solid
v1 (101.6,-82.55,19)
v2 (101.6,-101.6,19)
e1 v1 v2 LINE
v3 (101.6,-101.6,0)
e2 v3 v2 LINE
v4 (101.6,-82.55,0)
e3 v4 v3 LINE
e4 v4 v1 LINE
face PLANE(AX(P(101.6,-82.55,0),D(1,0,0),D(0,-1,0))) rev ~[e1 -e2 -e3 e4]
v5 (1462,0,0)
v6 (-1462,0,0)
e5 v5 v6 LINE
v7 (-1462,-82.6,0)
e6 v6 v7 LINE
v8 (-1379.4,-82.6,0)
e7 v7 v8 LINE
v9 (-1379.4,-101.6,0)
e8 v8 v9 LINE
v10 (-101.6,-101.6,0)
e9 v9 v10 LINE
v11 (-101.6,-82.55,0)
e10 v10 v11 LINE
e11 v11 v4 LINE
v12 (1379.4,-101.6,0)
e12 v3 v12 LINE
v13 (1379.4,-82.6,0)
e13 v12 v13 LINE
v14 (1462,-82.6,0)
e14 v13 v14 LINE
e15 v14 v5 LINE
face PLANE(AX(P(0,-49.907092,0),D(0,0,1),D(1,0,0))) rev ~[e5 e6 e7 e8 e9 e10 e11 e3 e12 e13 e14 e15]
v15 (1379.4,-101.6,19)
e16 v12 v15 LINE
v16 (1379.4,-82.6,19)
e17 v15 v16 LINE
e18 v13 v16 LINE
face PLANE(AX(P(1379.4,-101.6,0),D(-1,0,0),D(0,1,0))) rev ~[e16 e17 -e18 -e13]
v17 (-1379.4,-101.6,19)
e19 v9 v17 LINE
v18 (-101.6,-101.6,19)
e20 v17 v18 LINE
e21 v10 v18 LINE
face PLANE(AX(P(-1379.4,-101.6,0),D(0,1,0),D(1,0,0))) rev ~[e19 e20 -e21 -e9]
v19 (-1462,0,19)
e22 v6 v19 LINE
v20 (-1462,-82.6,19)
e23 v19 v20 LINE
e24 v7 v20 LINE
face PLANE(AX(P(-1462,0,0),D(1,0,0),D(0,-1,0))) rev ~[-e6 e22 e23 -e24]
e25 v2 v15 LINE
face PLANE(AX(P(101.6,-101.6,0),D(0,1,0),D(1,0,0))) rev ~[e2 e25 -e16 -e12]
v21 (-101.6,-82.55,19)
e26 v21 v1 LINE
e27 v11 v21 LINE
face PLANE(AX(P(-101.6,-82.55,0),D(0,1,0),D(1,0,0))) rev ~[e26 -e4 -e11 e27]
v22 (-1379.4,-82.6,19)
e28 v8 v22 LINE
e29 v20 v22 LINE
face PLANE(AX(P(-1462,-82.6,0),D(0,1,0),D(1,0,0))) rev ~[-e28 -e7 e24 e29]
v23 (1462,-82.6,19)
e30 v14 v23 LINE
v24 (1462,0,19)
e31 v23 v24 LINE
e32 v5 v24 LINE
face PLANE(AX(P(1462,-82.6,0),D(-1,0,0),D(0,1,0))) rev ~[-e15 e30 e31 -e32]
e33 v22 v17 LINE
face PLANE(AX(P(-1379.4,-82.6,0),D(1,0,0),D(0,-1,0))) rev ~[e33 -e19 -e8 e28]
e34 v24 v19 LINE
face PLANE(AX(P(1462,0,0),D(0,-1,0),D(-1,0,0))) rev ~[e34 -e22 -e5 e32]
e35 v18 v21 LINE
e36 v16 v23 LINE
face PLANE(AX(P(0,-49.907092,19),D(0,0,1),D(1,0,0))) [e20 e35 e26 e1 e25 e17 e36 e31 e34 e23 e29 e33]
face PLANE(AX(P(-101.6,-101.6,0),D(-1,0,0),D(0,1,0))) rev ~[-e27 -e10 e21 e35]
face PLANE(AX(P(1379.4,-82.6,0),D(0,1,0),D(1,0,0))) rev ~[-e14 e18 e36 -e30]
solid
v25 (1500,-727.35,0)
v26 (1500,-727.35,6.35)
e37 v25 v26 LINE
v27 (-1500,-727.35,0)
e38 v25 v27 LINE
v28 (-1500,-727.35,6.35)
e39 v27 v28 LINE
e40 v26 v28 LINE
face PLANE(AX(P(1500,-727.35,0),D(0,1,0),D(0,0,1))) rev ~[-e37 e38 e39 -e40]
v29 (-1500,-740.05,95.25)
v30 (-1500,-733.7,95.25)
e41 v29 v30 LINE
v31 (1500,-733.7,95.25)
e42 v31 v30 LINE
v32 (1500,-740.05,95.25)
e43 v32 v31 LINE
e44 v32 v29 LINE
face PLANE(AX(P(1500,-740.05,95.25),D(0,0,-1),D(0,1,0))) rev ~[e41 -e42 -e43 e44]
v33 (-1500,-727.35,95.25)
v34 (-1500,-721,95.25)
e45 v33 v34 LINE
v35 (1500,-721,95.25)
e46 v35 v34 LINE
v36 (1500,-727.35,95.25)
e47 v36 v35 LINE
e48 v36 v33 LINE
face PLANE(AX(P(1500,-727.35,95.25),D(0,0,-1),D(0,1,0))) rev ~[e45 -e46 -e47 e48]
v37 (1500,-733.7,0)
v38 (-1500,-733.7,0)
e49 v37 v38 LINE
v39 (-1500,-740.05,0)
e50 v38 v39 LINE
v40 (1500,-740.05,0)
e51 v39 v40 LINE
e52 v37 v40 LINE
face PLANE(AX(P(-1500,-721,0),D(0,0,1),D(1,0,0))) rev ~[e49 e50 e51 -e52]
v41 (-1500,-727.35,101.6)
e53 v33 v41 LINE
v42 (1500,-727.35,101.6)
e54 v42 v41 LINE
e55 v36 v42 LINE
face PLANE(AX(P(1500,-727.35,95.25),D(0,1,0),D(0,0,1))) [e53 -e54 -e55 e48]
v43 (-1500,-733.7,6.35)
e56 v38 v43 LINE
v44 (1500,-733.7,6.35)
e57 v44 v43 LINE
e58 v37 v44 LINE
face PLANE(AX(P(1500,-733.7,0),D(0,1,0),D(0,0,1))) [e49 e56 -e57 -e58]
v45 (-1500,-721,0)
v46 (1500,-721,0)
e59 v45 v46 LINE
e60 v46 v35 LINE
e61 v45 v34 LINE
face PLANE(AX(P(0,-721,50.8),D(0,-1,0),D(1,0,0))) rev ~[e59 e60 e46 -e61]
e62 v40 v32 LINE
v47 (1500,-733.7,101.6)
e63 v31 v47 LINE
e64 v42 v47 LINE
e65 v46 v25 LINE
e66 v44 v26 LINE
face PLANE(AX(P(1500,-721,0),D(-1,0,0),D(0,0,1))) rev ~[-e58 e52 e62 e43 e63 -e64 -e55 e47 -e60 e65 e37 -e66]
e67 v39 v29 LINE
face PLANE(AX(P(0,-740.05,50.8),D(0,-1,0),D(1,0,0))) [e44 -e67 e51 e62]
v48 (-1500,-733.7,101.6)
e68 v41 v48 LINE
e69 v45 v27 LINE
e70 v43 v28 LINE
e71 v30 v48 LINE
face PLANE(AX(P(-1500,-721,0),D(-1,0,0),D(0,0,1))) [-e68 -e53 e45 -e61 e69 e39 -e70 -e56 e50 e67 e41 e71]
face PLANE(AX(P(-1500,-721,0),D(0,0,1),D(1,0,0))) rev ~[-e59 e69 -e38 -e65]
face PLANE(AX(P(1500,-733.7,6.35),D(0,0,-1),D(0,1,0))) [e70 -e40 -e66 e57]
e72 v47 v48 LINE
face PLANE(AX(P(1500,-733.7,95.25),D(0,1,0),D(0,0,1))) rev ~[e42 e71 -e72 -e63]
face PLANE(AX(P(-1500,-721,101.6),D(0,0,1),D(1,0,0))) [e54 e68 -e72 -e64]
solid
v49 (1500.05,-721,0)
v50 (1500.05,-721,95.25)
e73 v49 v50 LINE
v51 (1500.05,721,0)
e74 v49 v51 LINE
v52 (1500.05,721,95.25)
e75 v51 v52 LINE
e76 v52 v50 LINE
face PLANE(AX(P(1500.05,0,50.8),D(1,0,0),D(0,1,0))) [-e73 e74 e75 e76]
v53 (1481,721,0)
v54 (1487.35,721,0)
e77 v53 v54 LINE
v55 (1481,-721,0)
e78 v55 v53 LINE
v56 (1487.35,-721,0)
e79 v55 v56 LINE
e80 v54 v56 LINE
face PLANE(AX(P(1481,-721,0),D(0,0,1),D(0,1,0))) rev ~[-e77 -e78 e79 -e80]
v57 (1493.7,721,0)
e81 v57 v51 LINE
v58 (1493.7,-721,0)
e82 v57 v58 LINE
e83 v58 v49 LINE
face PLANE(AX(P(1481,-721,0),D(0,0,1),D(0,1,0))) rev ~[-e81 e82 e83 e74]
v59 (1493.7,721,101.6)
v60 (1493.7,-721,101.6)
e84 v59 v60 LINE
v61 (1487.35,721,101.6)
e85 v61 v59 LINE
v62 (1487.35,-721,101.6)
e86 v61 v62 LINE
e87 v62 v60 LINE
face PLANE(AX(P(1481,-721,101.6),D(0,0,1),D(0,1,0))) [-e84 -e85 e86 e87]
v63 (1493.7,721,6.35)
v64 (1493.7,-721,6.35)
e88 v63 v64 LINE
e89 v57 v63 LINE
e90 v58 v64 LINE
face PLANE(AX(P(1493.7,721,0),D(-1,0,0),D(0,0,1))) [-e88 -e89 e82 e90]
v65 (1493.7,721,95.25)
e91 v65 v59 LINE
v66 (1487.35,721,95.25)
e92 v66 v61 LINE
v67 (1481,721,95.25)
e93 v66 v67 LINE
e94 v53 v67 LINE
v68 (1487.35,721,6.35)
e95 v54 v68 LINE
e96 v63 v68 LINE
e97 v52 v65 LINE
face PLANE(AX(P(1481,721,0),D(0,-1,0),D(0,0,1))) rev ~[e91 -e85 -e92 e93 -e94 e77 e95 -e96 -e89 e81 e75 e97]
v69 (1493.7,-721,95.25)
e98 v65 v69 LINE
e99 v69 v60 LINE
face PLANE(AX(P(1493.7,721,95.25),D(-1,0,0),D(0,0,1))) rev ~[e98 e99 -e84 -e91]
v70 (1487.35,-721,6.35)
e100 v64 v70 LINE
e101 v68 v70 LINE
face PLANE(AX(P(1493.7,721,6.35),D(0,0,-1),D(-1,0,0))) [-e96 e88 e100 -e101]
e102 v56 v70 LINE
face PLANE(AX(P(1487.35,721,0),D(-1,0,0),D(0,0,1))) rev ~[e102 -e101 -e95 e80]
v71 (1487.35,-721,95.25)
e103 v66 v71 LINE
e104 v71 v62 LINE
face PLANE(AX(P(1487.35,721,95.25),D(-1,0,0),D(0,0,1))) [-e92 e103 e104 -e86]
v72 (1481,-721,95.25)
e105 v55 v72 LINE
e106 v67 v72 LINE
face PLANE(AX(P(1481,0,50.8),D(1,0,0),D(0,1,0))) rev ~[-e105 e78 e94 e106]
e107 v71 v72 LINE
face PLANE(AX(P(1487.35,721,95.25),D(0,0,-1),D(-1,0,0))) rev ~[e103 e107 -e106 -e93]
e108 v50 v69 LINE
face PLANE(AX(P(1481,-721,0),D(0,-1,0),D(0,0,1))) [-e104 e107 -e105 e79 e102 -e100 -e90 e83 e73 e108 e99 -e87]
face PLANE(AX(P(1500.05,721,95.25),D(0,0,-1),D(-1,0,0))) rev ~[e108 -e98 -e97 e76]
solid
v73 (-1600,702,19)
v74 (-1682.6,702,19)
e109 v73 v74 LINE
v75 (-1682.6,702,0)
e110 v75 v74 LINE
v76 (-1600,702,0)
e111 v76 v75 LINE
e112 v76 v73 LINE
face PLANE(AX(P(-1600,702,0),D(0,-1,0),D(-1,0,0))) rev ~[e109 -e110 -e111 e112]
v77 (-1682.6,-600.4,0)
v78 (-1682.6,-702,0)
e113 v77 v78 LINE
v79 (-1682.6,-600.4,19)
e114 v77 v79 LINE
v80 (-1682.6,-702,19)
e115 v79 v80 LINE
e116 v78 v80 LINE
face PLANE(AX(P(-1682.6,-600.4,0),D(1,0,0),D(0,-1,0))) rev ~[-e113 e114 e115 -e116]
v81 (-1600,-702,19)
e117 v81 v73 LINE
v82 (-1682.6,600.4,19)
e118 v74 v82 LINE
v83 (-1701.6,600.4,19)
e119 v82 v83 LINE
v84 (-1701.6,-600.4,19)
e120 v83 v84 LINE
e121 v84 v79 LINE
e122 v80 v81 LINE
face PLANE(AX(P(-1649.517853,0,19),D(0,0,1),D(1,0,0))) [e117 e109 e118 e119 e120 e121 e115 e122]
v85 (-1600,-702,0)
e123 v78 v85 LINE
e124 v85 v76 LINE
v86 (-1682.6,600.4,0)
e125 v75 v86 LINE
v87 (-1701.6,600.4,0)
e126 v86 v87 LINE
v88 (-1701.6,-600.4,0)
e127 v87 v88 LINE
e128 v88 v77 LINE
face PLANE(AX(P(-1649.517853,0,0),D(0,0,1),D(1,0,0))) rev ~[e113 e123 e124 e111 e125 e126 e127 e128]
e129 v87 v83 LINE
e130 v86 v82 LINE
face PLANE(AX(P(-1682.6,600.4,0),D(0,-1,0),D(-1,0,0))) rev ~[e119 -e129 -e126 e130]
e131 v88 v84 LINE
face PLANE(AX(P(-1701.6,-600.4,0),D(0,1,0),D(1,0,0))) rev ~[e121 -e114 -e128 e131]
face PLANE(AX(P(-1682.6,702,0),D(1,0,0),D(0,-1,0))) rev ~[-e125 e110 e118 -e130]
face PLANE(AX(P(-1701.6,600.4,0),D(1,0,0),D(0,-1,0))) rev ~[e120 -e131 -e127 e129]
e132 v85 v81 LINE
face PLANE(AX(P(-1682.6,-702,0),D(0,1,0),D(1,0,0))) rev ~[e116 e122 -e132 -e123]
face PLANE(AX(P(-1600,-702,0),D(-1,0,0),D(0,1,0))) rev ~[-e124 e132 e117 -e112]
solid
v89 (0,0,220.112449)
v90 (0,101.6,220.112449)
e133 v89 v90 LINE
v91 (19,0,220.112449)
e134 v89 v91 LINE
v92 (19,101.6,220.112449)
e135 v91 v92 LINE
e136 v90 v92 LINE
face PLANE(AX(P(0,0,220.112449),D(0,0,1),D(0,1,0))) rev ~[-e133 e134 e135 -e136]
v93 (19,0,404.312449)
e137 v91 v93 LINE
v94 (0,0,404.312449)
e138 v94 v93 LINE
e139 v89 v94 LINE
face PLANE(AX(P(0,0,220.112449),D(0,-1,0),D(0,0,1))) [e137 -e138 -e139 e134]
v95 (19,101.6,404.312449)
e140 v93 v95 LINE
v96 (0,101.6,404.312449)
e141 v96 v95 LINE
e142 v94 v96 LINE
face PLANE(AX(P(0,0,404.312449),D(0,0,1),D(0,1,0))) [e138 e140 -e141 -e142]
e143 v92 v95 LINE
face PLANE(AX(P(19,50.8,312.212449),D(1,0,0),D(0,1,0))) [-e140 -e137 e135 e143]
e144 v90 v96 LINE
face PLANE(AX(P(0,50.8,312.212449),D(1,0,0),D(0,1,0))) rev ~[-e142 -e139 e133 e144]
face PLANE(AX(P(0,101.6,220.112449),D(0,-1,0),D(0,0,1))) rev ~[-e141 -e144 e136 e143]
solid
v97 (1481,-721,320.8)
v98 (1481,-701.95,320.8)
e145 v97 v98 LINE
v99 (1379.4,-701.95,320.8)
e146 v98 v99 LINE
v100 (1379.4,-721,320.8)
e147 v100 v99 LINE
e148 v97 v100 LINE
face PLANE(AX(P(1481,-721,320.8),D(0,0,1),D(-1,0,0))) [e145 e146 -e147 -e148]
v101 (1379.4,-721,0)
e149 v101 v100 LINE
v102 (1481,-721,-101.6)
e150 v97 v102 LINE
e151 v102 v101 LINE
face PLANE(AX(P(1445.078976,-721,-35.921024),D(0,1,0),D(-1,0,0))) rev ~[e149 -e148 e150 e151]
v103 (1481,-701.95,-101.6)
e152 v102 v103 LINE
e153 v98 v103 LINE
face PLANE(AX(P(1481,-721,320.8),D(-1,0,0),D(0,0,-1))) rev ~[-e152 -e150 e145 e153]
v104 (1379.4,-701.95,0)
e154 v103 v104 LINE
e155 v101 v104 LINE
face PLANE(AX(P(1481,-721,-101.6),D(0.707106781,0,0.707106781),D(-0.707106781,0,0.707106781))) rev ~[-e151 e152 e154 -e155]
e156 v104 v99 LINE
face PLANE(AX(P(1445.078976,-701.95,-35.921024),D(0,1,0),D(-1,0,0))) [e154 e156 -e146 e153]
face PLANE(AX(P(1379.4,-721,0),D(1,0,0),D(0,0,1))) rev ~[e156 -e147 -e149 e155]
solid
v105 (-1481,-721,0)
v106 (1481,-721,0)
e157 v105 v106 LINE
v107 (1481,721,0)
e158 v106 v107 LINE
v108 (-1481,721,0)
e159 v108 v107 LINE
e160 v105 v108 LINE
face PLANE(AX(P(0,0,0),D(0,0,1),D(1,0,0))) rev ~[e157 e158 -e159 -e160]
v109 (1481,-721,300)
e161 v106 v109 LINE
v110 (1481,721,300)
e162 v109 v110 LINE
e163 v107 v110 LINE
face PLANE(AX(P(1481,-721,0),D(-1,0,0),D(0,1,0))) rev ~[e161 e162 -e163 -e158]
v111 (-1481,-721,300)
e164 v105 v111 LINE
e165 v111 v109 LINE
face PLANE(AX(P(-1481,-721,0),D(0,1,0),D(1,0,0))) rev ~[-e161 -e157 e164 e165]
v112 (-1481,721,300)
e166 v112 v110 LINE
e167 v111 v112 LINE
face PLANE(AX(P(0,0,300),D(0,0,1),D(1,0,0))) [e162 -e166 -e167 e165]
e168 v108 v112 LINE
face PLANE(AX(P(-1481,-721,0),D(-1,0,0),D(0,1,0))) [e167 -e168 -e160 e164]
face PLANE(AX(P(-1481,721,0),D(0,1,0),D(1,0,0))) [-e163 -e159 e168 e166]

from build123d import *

# Parameters (mm, degrees)
F2_W      = 2962
F2_H      = 1442
F3_DEPTH  = 300
F4_W      = 1442
F4_H      = 101.6
F5_DEPTH  = 19.05
F6_W      = 3000
F6_H      = 101.6
F7_DEPTH  = 19.05
F10_W     = 6.35
F10_H     = 6.35
F11_DEPTH = 3000
F12_W     = 6.35
F12_H     = 6.35
F13_DEPTH = 1442
F14_W     = 101.6
F14_H     = 300
F14_H_2   = 20.8
F15_DEPTH = 19.05
F17_DEPTH = 19
F19_DEPTH = 19
F20_W     = 101.6
F20_H     = 184.2
F21_DEPTH = 19


with BuildPart() as f3:
    # F2 (on Top) → F3 (new body)
    with BuildSketch(Plane.XY):
        Rectangle(F2_W, F2_H)
    extrude(amount=F3_DEPTH)


with BuildPart() as f5:
    # F4 (on offset) → F5 (new body)
    with BuildSketch(Plane.YZ.offset(1481)):
        with Locations((0, 50.8)):
            Rectangle(F4_W, F4_H)
    extrude(amount=F5_DEPTH)

    # F12 (on face) → F13 (cut, through all)
    with BuildSketch(Plane(origin=(0, 721, 0), x_dir=(-1, 0, 0), z_dir=(0, 1, 0))):
        with Locations((-1496.875, 98.425)):
            Rectangle(F12_W, F12_H)
        with Locations((-1484.175, 98.425)):
            Rectangle(F12_W, F12_H)
        with Locations((-1490.525, 3.175)):
            Rectangle(F12_W, F12_H)
    extrude(amount=-F13_DEPTH, mode=Mode.SUBTRACT)


with BuildPart() as f7:
    # F6 (on offset) → F7 (new body)
    with BuildSketch(Plane.XZ.offset(721)):
        with Locations((0, 50.8)):
            Rectangle(F6_W, F6_H)
    extrude(amount=F7_DEPTH)

    # F10 (on face) → F11 (cut, through all)
    with BuildSketch(Plane.YZ.offset(1500)):
        with Locations((-736.875, 98.425)):
            Rectangle(F10_W, F10_H)
        with Locations((-724.175, 98.425)):
            Rectangle(F10_W, F10_H)
        with Locations((-730.525, 3.175)):
            Rectangle(F10_W, F10_H)
    extrude(amount=-F11_DEPTH, mode=Mode.SUBTRACT)


with BuildPart() as f15:
    # F14 (on face) → F15 (new body)
    with BuildSketch(Plane(origin=(0, -721, 0), x_dir=(-1, 0, 0), z_dir=(0, 1, 0))):
        Polygon((-1481, -101.6), (-1379.4, 0), (-1481, 0), align=None)
        with Locations((-1430.2, 150)):
            Rectangle(F14_W, F14_H)
        with Locations((-1430.2, 310.4)):
            Rectangle(F14_W, F14_H_2)
    extrude(amount=F15_DEPTH)


with BuildPart() as f17:
    # F16 (on Top) → F17 (new body)
    with BuildSketch(Plane.XY):
        Polygon((1462, 0), (-1462, 0), (-1462, -82.6), (-1379.4, -82.6), (-1379.4, -101.6), (-101.6, -101.6), (-101.6, -82.55), (101.6, -82.55), (101.6, -101.6), (1379.4, -101.6), (1379.4, -82.6), (1462, -82.6), align=None)
    extrude(amount=F17_DEPTH)


with BuildPart() as f19:
    # F18 (on Top) → F19 (new body)
    with BuildSketch(Plane.XY):
        Polygon((-1682.6, -600.4), (-1682.6, -702), (-1600, -702), (-1600, 702), (-1682.6, 702), (-1682.6, 600.4), (-1701.6, 600.4), (-1701.6, -600.4), align=None)
    extrude(amount=F19_DEPTH)


with BuildPart() as f21:
    # F20 (on Right) → F21 (new body)
    with BuildSketch(Plane.YZ):
        with Locations((50.8, 312.212449)):
            Rectangle(F20_W, F20_H)
    extrude(amount=F21_DEPTH)


solid = Compound([f3.part, f5.part, f7.part, f15.part, f17.part, f19.part, f21.part])
